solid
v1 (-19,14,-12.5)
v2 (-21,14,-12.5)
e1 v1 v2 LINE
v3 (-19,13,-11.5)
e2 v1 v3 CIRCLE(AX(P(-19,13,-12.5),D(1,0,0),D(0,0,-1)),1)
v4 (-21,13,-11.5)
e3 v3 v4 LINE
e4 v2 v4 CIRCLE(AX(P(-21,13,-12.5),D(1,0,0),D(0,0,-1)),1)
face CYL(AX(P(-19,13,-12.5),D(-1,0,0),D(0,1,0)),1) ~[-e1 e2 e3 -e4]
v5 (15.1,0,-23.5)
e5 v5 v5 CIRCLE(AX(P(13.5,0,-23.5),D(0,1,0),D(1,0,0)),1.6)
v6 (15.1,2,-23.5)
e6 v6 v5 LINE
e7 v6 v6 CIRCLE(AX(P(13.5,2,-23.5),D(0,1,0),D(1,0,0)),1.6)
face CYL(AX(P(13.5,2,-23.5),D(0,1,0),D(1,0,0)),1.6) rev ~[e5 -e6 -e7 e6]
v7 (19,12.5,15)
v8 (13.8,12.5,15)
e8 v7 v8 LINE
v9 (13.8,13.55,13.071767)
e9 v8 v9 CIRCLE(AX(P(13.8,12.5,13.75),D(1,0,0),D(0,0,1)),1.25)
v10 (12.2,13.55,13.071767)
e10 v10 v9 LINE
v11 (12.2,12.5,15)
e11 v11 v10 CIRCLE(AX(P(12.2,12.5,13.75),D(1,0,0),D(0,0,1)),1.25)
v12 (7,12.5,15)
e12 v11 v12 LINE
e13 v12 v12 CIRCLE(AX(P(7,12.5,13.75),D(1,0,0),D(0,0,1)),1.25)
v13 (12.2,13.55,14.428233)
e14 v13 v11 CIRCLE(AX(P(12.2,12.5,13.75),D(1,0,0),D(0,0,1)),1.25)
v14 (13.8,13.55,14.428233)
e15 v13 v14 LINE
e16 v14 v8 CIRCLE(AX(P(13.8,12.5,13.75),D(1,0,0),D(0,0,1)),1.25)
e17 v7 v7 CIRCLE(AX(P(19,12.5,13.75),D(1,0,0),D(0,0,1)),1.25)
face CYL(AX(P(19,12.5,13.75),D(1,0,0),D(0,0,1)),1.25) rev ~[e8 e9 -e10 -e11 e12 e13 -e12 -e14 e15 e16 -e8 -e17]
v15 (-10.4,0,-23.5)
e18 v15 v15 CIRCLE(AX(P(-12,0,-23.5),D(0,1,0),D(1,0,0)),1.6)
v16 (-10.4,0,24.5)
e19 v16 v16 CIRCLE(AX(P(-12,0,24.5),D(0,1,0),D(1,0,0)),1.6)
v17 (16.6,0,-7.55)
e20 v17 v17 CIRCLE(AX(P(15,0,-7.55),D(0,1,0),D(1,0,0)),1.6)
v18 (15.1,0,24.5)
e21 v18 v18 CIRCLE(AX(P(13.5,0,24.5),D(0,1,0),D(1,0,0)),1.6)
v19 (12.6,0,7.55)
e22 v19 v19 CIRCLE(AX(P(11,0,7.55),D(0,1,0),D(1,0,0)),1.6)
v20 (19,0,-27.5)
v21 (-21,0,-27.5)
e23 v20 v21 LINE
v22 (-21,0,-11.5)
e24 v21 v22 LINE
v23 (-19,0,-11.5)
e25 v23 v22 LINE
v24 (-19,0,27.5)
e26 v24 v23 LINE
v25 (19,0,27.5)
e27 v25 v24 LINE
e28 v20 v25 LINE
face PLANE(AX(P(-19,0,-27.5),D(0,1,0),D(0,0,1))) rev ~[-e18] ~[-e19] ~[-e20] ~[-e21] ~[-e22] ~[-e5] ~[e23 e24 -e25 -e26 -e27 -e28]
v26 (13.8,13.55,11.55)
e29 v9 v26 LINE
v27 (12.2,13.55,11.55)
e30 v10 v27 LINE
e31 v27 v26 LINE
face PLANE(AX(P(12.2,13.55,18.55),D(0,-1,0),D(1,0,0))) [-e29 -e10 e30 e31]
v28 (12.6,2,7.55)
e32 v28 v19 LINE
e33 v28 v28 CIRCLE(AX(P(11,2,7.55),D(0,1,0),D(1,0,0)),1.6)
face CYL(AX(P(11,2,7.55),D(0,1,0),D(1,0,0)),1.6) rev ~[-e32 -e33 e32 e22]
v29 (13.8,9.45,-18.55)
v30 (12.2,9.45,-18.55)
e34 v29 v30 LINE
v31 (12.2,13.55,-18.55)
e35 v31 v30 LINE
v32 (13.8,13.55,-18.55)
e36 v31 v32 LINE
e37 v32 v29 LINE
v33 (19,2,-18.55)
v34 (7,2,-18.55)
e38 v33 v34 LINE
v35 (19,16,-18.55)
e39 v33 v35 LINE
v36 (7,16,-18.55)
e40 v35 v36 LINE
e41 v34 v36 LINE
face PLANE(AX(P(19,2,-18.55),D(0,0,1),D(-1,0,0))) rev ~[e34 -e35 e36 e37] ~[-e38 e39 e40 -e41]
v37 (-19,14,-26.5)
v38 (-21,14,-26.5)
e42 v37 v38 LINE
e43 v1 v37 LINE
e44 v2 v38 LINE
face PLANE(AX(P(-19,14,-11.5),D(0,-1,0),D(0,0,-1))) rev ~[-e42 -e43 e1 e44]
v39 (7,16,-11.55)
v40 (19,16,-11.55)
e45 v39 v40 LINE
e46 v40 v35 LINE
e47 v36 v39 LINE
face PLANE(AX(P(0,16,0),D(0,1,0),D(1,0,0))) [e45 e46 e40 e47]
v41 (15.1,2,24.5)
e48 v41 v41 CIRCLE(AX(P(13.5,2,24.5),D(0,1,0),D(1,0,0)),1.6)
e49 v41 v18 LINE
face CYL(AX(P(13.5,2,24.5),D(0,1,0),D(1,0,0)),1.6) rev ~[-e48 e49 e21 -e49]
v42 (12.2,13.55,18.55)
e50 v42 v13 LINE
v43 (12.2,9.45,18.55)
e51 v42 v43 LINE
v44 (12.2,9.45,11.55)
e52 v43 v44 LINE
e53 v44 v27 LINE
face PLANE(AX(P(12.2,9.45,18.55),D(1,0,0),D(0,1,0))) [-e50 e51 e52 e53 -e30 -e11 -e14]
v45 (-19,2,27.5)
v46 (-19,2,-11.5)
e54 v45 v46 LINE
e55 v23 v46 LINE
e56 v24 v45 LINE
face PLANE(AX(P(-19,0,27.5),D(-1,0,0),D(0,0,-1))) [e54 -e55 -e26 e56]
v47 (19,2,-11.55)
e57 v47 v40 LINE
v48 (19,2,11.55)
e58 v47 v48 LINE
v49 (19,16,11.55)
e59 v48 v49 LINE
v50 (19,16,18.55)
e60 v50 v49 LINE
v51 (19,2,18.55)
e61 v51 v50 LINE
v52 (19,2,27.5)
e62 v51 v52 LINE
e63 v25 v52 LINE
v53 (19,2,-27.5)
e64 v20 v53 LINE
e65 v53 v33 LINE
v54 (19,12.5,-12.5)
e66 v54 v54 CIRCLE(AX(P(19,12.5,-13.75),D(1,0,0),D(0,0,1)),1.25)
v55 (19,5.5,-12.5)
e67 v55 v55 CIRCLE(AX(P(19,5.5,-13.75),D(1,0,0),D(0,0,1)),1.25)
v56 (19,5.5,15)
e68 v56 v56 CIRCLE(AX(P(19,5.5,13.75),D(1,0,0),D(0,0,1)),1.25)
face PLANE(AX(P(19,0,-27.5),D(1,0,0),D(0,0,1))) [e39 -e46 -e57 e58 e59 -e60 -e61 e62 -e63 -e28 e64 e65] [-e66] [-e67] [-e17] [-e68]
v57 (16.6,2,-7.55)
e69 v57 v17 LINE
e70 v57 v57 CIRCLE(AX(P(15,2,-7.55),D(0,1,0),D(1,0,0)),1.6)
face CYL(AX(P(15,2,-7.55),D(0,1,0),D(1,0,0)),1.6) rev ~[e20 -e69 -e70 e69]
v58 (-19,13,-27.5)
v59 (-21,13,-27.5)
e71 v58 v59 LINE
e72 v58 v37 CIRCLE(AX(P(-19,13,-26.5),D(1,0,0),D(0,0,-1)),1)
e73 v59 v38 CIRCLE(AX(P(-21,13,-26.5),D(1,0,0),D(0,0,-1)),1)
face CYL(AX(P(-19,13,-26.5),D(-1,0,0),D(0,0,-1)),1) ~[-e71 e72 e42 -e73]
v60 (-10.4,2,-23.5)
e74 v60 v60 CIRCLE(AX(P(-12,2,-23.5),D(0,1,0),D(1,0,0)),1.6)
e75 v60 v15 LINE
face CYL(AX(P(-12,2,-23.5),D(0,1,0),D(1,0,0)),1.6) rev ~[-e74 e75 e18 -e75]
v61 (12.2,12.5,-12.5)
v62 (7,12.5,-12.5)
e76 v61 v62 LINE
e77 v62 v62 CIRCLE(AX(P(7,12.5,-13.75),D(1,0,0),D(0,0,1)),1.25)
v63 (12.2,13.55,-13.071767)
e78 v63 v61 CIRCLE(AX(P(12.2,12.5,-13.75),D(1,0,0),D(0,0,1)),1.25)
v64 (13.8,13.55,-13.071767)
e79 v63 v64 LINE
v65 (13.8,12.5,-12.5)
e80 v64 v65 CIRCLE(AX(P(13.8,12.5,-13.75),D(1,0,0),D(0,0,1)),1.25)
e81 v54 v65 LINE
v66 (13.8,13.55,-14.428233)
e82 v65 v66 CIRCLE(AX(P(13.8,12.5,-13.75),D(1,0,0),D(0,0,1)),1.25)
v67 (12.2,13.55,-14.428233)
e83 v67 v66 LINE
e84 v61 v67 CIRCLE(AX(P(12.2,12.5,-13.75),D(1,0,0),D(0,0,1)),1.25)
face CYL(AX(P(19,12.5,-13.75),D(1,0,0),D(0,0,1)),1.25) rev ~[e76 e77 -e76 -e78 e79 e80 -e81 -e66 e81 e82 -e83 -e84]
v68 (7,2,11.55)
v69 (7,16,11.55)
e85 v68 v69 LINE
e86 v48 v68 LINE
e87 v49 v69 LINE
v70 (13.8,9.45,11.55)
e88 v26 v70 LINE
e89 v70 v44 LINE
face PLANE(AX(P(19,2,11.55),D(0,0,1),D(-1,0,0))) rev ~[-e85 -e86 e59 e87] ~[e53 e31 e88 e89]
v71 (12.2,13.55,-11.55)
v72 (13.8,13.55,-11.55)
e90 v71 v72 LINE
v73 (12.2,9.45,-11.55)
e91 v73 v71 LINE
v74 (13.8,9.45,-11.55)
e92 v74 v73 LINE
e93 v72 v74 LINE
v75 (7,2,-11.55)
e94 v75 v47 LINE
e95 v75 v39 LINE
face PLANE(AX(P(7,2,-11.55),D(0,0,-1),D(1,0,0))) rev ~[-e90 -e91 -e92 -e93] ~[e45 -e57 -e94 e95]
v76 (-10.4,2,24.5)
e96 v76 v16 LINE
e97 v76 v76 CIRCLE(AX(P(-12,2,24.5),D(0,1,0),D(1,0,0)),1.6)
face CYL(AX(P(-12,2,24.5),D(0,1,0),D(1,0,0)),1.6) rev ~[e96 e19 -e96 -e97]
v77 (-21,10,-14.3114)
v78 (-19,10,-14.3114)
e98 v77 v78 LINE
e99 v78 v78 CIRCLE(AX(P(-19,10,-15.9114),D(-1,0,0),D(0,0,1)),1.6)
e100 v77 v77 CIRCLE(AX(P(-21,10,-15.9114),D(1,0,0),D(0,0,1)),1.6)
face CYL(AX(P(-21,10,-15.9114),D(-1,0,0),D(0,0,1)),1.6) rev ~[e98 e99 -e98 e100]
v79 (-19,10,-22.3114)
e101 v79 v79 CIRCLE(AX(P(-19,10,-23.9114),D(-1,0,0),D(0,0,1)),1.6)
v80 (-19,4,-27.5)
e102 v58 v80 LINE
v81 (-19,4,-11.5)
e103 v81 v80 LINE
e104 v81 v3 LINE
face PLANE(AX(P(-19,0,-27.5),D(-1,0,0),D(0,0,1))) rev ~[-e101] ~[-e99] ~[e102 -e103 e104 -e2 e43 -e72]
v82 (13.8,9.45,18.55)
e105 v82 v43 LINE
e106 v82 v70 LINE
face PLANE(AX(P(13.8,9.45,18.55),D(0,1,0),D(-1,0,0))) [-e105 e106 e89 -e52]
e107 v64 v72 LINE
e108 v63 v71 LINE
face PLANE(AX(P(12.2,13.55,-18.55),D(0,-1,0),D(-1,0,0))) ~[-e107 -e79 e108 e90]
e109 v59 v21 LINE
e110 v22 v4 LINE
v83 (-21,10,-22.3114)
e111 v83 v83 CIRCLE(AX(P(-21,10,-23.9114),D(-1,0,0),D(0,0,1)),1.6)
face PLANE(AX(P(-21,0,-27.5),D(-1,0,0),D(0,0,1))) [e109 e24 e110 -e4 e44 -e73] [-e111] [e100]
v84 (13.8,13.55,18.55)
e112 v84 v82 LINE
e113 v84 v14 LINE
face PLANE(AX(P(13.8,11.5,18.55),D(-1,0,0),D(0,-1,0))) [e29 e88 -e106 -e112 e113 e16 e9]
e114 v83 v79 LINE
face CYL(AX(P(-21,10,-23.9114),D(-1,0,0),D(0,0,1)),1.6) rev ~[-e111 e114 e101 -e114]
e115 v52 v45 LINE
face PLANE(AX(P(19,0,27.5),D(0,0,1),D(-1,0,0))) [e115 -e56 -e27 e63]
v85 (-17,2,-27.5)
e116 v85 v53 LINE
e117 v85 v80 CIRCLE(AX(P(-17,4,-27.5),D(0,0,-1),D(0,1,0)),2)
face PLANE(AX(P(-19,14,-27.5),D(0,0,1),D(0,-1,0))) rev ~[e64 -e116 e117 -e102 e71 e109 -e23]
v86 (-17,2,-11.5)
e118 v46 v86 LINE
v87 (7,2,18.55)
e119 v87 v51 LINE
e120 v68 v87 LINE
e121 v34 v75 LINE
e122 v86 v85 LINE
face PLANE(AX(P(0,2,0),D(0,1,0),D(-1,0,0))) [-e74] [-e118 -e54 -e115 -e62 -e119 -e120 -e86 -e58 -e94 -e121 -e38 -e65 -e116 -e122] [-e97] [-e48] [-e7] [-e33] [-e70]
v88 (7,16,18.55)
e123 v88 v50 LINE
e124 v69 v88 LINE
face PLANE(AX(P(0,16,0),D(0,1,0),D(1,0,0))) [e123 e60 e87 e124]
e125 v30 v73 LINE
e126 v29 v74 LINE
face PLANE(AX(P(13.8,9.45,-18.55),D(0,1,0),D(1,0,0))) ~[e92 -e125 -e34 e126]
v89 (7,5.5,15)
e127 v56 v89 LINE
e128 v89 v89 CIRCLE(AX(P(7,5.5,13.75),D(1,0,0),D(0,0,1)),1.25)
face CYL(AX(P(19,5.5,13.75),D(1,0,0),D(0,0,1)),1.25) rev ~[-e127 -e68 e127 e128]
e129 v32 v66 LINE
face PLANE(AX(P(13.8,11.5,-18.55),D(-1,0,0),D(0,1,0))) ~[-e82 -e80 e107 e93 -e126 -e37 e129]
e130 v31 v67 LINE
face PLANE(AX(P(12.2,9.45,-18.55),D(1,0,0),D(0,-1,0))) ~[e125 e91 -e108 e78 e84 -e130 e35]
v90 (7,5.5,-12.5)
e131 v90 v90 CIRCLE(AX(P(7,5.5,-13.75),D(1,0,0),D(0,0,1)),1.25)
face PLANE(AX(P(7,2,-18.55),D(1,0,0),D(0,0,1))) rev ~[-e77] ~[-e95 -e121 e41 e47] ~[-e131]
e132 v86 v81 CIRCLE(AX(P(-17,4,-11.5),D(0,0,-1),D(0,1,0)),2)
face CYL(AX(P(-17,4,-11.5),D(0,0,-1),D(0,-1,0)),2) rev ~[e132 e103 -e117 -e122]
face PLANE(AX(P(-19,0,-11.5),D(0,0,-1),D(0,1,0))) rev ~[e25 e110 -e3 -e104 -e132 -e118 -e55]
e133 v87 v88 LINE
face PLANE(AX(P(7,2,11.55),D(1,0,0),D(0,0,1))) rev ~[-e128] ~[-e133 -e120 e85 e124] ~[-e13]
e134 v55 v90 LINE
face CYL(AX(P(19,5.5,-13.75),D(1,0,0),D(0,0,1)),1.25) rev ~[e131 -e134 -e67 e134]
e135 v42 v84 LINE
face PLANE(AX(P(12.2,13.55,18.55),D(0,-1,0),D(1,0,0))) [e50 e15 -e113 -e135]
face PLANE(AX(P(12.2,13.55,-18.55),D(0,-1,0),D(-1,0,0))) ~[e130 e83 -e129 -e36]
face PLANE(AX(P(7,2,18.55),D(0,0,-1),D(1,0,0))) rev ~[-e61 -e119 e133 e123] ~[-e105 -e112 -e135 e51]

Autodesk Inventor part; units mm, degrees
ref_plane "YZ Plane" through (0, 0, 0) normal (1, 0, 0) x (0, 1, 0)
ref_plane "XZ Plane" through (0, 0, 0) normal (0, 1, 0) x (-1, 0, 0)
ref_plane "XY Plane" through (0, 0, 0) normal (0, 0, 1) x (1, 0, 0)
sketch "Эскиз1" plane through (0, 0, 0) normal (0, 1, 0) x (-1, 0, 0)
  line L0 (-19, 27.5) -> (19, 27.5)
  line L1 (19, 27.5) -> (19, -27.5)
  line L2 (19, -27.5) -> (-19, -27.5)
  line L3 (-19, -27.5) -> (-19, 27.5)
  line L4 (-19, 27.5) -> (19, -27.5) construction
  line L5 (19, 27.5) -> (-19, -27.5) construction
  point P0 (0, 0)
  dimension "d10" = 55
  dimension "d11" = 38
extrude "Выдавливание1" add sketch "Эскиз1" along normal blind 2
sketch "Эскиз2" plane through (0, 2, 0) normal (0, 1, 0) x (1, 0, 0)
  line L0 (7, -18.55) -> (19, -18.55)
  line L1 (19, -18.55) -> (19, -11.55)
  line L2 (19, -11.55) -> (7, -11.55)
  line L3 (7, -11.55) -> (7, -18.55)
  line L4 (7, -18.55) -> (19, -11.55) construction
  line L5 (19, -18.55) -> (7, -11.55) construction
  line L6 (7, 11.55) -> (19, 11.55)
  line L7 (19, 11.55) -> (19, 18.55)
  line L8 (19, 18.55) -> (7, 18.55)
  line L9 (7, 18.55) -> (7, 11.55)
  line L10 (7, 11.55) -> (19, 18.55) construction
  line L11 (19, 11.55) -> (7, 18.55) construction
  line L12 (19, -27.5) -> (19, 27.5) projected
  line L13 (-19, 27.5) -> (-19, -27.5) projected
  line L14 (-19, 0) -> (19, 0)
  point P0 (0, 0)
  point P1 (13, -15.05)
  point P2 (13, 15.05)
  point P3 (0, 0)
  dimension "d2" = 12
  dimension "d3" = 7
  dimension "d4" = 12
  dimension "d5" = 7
  dimension "d12" = 0
  dimension "d15" = 0
  dimension "d25" = 11.55
  dimension "d26" = 11.55
extrude "Выдавливание2" add sketch "Эскиз2" along normal blind 14
sketch "Эскиз4" plane through (0, 2, 0) normal (0, 1, 0) x (1, 0, 0)
  circle A0 centre (15, 7.55) radius 1.6
  circle A1 centre (11, -7.55) radius 1.6
  line L0 (7, -11.55) -> (7, -18.55) projected
  line L1 (7, 11.55) -> (19, 11.55) projected
  line L2 (19, -11.55) -> (7, -11.55) projected
  point P0 (0, 0)
  dimension "d17" = 3.2
  dimension "d18" = 3.2
  dimension "d20" = 4
  dimension "d21" = 4
  dimension "d22" = 4
extrude "Выдавливание3" cut sketch "Эскиз4" against normal blind 14
sketch "Эскиз5" plane through (19, 2, 18.55) normal (1, 0, 0) x (0, 0, 1)
  circle A0 centre (-32.3, -3.5) radius 1.25
  circle A1 centre (-32.3, -10.5) radius 1.25
  circle A2 centre (-4.8, -10.5) radius 1.25
  circle A3 centre (-4.8, -3.5) radius 1.25
  line L0 (-4.8, -10.5) -> (-32.3, -10.5) construction
  line L1 (-32.3, -10.5) -> (-32.3, -3.5) construction
  line L2 (-32.3, -3.5) -> (-4.8, -3.5) construction
  line L3 (-4.8, -3.5) -> (-4.8, -10.5) construction
  line L4 (0, 0) -> (0, -14) construction
  line L5 (-37.1, 0) -> (-37.1, -14) construction
  line L6 (0, 0) -> (-37.1, 0) construction
  line L7 (-37.1, 0) -> (-37.1, -14) construction
  line L8 (-37.1, -14) -> (0, -14) construction
  line L9 (0, -14) -> (0, 0) construction
  line L10 (-18.55, -14) -> (-18.55, 0) construction
  line L11 (-46.05, 0) -> (8.95, 0) construction
  line L12 (-18.55, -3.5) -> (-18.55, -10.5) construction
  point P0 (-18.55, -7)
  dimension "d51" = 27.5
  dimension "d52" = 7
  dimension "d55" = 2.5
  dimension "d56" = 2.5
extrude "Выдавливание4" cut sketch "Эскиз5" against normal blind 14
sketch "Эскиз6" plane through (0, 2, 0) normal (0, 1, 0) x (1, 0, 0)
  circle A0 centre (-12, -24.5) radius 1.6
  circle A1 centre (-12, 23.5) radius 1.6
  circle A2 centre (13.5, -24.5) radius 1.6
  circle A3 centre (13.5, 23.5) radius 1.6
  point P0 (0, 0)
extrude "Выдавливание5" cut sketch "Эскиз6" against normal blind 10
sketch "Эскиз7" plane through (7, 2, 18.55) normal (0, 0, 1) x (1, 0, 0)
  line L0 (12, 14) -> (0, 14) projected
  line L1 (6, 14) -> (6, -2) construction
  line L2 (12, -2) -> (-26, -2) projected
  line L3 (0, 0) -> (0, 14) projected
  line L4 (0, 7) -> (12, 7) construction
  line L5 (12, 0) -> (12, 14) projected
  line L6 (12, 4.75) -> (12, 2.25) projected
  line L7 (0, 9.5) -> (12, 9.5)
  line L8 (6.8, 7.45) -> (5.2, 7.45)
  line L9 (5.2, 7.45) -> (5.2, 11.55)
  line L10 (5.2, 11.55) -> (6.8, 11.55)
  line L11 (6.8, 11.55) -> (6.8, 7.45)
  line L12 (6.8, 7.45) -> (5.2, 11.55) construction
  line L13 (5.2, 7.45) -> (6.8, 11.55) construction
  point P0 (-7, -2)
  point P1 (0, 8.25)
  point P2 (0, 10.75)
  point P3 (6, 9.5)
  dimension "d31" = 4.5
  dimension "d32" = 1.6
  dimension "d33" = 4.1
extrude "Выдавливание6" cut sketch "Эскиз7" against normal blind 12 contours L11 L8 L9 L7 | L7 L9 L10 L11
mirror "Зеркальное отражение1" about plane through (0, 0, 0) normal (0, 0, 1) of "Выдавливание6"
sketch "Эскиз8" plane through (-19, 0, -27.5) normal (-1, 0, 0) x (0, 0, 1)
  line L0 (0, 0) -> (16, 0)
  line L1 (16, 0) -> (16, 14)
  line L2 (16, 14) -> (0, 14)
  line L3 (0, 14) -> (0, 0)
  point P0 (27.5, 0)
  dimension "d38" = 16
  dimension "d39" = 14
extrude "Выдавливание7" add sketch "Эскиз8" along normal blind 2
sketch "Эскиз9" plane through (-21, 0, -27.5) normal (-1, 0, 0) x (0, 0, 1)
  line L0 (0, 14) -> (0, 0) construction
  line L1 (0, 10) -> (16, 10) construction
  line L2 (16, 0) -> (16, 14) construction
  line L3 (16, 14) -> (0, 14) construction
  circle A0 centre (3.5886, 10) radius 1.6
  circle A1 centre (11.5886, 10) radius 1.6
  line L4 (3.5886, 10) -> (11.5886, 10)
  line L5 (8, 14) -> (8, 2)
  point P0 (27.5, 0)
  point P1 (0, 12)
  point P2 (16, 12)
  point P3 (14, 14)
  point P4 (2, 14)
  dimension "d43" = 4
  dimension "d44" = 3.2
  dimension "d45" = 3.2
  dimension "d46" = 8
extrude "Выдавливание8" cut sketch "Эскиз9" against normal blind 2
fillet "Сопряжение2" radius 2 1 edges at (-19, 2, -19.5)
fillet "Сопряжение3" radius 1 2 edges at (-20, 14, -27.5) (-20, 14, -11.5)
properties part number "креп_сервы"
